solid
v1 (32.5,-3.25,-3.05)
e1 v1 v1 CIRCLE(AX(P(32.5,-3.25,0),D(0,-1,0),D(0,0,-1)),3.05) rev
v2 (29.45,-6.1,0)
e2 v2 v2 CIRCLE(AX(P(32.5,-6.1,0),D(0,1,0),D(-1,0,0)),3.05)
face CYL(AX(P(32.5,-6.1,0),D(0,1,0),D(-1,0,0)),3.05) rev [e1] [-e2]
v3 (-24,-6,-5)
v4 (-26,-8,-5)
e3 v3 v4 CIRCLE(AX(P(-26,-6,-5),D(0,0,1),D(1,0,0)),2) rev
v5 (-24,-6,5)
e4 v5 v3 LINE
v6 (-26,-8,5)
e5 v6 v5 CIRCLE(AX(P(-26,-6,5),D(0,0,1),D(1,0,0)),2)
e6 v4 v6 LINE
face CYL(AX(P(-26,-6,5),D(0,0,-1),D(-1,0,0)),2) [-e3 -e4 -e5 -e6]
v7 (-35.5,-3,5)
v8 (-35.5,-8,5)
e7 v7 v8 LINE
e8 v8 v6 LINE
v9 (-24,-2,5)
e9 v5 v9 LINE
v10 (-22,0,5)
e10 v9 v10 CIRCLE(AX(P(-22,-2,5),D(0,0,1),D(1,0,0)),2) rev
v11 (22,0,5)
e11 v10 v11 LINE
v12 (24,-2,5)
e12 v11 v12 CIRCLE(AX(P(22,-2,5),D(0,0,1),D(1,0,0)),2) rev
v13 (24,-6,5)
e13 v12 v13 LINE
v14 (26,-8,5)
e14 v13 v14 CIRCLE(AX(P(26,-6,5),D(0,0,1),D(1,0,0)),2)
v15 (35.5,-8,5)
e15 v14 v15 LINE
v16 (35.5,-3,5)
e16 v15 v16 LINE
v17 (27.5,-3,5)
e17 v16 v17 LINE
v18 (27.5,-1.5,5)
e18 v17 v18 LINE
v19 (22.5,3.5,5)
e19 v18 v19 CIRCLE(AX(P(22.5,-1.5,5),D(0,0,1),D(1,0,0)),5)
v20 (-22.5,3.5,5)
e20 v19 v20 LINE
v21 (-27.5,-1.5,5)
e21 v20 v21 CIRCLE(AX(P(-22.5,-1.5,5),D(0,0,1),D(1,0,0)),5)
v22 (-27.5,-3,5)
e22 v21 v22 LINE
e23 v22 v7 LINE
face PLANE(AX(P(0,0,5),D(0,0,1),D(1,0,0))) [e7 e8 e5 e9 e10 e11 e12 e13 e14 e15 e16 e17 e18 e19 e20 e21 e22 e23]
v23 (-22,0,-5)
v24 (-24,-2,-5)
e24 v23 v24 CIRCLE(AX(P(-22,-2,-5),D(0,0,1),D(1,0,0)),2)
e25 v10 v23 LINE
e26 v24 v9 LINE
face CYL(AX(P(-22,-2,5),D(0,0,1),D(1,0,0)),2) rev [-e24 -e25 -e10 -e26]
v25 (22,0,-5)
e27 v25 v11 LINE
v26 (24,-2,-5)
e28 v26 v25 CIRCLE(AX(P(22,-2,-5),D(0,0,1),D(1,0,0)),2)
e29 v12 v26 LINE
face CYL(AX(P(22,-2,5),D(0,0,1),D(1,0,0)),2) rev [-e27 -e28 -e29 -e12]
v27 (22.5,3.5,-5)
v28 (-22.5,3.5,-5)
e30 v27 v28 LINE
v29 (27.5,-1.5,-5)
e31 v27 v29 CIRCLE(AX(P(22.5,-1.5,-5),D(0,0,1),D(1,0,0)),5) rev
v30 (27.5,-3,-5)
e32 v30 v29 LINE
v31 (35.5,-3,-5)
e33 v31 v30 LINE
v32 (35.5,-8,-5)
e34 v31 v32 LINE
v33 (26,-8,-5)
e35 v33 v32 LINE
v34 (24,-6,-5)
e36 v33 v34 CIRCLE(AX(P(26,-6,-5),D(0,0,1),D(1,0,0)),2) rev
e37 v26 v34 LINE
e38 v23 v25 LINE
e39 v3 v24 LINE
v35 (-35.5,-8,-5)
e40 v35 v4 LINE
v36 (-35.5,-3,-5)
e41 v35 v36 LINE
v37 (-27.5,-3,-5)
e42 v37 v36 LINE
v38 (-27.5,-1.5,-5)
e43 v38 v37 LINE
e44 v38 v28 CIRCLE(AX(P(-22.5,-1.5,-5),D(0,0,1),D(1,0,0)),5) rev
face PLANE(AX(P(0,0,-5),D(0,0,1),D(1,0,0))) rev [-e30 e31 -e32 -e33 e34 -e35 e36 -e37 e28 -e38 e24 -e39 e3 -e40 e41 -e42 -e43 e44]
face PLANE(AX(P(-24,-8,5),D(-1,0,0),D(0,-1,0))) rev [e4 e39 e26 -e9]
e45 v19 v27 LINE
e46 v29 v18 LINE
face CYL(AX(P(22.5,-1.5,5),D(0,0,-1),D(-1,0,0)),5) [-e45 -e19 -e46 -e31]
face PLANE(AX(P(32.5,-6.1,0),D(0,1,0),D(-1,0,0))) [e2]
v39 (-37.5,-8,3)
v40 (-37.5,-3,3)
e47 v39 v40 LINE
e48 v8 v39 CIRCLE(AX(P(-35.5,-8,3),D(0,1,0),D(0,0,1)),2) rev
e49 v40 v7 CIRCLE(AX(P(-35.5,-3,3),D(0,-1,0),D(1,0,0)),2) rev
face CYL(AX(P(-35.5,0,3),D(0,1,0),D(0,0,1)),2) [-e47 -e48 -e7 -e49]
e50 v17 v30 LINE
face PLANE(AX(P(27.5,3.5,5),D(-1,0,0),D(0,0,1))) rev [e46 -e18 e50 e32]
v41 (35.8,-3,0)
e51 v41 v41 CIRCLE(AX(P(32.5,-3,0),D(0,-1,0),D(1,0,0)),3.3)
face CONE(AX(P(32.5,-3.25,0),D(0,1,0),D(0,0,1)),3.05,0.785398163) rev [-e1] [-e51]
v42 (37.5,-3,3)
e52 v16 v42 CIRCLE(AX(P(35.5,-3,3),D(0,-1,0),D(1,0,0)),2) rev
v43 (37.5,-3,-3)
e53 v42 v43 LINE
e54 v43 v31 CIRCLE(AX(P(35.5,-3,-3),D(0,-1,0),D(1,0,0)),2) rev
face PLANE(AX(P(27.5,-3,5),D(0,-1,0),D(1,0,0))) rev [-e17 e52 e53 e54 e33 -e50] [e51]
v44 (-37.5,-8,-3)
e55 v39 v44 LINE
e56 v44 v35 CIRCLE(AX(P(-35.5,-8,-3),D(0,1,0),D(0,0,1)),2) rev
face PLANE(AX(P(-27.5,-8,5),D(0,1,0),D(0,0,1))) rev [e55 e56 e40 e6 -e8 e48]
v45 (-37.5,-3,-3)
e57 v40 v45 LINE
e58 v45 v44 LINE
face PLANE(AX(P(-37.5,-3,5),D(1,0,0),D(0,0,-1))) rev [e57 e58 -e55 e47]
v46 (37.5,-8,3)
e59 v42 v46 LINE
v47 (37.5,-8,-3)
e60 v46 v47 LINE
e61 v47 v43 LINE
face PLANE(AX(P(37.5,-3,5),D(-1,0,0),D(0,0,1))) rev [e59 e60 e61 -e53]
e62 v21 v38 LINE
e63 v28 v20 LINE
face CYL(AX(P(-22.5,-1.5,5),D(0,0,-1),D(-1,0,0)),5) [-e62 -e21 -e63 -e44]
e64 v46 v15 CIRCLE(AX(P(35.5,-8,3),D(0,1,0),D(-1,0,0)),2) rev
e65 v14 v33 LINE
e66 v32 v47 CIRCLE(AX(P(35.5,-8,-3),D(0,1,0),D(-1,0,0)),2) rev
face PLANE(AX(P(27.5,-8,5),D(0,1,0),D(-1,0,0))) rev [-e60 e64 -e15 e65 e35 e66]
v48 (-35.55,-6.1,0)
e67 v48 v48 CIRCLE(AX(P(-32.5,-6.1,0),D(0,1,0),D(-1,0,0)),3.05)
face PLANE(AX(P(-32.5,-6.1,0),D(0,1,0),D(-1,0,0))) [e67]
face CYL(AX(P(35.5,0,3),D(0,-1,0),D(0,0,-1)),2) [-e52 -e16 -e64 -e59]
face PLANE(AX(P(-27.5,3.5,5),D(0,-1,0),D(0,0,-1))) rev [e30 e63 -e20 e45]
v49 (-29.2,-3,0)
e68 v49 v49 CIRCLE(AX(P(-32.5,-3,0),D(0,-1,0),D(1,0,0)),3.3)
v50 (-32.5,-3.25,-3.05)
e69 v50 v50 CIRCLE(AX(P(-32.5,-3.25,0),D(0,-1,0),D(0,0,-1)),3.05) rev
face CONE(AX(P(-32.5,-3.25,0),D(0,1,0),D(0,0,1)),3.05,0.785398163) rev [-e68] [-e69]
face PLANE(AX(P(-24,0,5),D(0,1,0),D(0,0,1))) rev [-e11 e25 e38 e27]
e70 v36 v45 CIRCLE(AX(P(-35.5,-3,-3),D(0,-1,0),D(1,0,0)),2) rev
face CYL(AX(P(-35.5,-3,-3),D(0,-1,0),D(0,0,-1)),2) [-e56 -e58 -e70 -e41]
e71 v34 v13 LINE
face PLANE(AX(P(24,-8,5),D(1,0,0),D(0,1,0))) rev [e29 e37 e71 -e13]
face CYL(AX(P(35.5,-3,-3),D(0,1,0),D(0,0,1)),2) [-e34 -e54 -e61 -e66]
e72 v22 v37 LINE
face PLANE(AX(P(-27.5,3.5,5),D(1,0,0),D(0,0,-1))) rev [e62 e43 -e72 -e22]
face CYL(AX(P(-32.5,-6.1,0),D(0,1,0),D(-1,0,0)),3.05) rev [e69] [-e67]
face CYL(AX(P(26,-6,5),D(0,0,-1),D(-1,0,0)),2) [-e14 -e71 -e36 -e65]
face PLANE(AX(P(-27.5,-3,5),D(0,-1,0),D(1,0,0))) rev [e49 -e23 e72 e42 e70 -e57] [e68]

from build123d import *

# Parameters (mm, degrees)
BOSS_EXTRUDE1_DEPTH = 5
FILLET1_R           = 2
FILLET2_R           = 5
FILLET3_R           = 2
FILLET4_R           = 2
SKETCH3_R           = 3.05
CUT_EXTRUDE1_DEPTH  = 3.1
CHAMFER1_SIZE       = 0.25


with BuildPart() as part:
    # Sketch1 → Boss-Extrude1 (new body, symmetric)
    with BuildSketch(Plane.XY):
        Polygon((-27.5, 3.5), (27.5, 3.5), (27.5, -3), (37.5, -3), (37.5, -8), (27.5, -8), (24, -8), (24, 0), (-24, 0), (-24, -8), (-27.5, -8), (-37.5, -8), (-37.5, -3), (-27.5, -3), align=None)
    extrude(amount=BOSS_EXTRUDE1_DEPTH, both=True)

    # Fillet1
    fillet1_edges = [part.edges().sort_by_distance(p)[0] for p in [
        (24, 0, 0),
        (-24, 0, 0),
    ]]
    fillet(fillet1_edges, radius=FILLET1_R)

    # Fillet2
    fillet2_edges = [part.edges().sort_by_distance(p)[0] for p in [
        (-27.5, 3.5, 0),
        (27.5, 3.5, 0),
    ]]
    fillet(fillet2_edges, radius=FILLET2_R)

    # Fillet3
    fillet3_edges = [part.edges().sort_by_distance(p)[0] for p in [
        (37.5, -5.5, -5),
        (-37.5, -5.5, -5),
        (-37.5, -5.5, 5),
        (37.5, -5.5, 5),
    ]]
    fillet(fillet3_edges, radius=FILLET3_R)

    # Fillet4
    fillet4_edges = [part.edges().sort_by_distance(p)[0] for p in [
        (24, -8, 0),
        (-24, -8, 0),
    ]]
    fillet(fillet4_edges, radius=FILLET4_R)

    # Sketch3 → Cut-Extrude1 (cut)
    with BuildSketch(Plane(origin=(0, -3, 0), x_dir=(1, 0, 0), z_dir=(0, 1, 0))):
        with Locations((32.5, 0)):
            Circle(SKETCH3_R)
        with Locations((-32.5, 0)):
            Circle(SKETCH3_R)
    extrude(amount=-CUT_EXTRUDE1_DEPTH, mode=Mode.SUBTRACT)

    # Chamfer1
    chamfer1_edges = [part.edges().sort_by_distance(p)[0] for p in [
        (29.45, -3, 0),
        (-35.55, -3, 0),
    ]]
    chamfer(chamfer1_edges, length=CHAMFER1_SIZE)


solid = part.part
